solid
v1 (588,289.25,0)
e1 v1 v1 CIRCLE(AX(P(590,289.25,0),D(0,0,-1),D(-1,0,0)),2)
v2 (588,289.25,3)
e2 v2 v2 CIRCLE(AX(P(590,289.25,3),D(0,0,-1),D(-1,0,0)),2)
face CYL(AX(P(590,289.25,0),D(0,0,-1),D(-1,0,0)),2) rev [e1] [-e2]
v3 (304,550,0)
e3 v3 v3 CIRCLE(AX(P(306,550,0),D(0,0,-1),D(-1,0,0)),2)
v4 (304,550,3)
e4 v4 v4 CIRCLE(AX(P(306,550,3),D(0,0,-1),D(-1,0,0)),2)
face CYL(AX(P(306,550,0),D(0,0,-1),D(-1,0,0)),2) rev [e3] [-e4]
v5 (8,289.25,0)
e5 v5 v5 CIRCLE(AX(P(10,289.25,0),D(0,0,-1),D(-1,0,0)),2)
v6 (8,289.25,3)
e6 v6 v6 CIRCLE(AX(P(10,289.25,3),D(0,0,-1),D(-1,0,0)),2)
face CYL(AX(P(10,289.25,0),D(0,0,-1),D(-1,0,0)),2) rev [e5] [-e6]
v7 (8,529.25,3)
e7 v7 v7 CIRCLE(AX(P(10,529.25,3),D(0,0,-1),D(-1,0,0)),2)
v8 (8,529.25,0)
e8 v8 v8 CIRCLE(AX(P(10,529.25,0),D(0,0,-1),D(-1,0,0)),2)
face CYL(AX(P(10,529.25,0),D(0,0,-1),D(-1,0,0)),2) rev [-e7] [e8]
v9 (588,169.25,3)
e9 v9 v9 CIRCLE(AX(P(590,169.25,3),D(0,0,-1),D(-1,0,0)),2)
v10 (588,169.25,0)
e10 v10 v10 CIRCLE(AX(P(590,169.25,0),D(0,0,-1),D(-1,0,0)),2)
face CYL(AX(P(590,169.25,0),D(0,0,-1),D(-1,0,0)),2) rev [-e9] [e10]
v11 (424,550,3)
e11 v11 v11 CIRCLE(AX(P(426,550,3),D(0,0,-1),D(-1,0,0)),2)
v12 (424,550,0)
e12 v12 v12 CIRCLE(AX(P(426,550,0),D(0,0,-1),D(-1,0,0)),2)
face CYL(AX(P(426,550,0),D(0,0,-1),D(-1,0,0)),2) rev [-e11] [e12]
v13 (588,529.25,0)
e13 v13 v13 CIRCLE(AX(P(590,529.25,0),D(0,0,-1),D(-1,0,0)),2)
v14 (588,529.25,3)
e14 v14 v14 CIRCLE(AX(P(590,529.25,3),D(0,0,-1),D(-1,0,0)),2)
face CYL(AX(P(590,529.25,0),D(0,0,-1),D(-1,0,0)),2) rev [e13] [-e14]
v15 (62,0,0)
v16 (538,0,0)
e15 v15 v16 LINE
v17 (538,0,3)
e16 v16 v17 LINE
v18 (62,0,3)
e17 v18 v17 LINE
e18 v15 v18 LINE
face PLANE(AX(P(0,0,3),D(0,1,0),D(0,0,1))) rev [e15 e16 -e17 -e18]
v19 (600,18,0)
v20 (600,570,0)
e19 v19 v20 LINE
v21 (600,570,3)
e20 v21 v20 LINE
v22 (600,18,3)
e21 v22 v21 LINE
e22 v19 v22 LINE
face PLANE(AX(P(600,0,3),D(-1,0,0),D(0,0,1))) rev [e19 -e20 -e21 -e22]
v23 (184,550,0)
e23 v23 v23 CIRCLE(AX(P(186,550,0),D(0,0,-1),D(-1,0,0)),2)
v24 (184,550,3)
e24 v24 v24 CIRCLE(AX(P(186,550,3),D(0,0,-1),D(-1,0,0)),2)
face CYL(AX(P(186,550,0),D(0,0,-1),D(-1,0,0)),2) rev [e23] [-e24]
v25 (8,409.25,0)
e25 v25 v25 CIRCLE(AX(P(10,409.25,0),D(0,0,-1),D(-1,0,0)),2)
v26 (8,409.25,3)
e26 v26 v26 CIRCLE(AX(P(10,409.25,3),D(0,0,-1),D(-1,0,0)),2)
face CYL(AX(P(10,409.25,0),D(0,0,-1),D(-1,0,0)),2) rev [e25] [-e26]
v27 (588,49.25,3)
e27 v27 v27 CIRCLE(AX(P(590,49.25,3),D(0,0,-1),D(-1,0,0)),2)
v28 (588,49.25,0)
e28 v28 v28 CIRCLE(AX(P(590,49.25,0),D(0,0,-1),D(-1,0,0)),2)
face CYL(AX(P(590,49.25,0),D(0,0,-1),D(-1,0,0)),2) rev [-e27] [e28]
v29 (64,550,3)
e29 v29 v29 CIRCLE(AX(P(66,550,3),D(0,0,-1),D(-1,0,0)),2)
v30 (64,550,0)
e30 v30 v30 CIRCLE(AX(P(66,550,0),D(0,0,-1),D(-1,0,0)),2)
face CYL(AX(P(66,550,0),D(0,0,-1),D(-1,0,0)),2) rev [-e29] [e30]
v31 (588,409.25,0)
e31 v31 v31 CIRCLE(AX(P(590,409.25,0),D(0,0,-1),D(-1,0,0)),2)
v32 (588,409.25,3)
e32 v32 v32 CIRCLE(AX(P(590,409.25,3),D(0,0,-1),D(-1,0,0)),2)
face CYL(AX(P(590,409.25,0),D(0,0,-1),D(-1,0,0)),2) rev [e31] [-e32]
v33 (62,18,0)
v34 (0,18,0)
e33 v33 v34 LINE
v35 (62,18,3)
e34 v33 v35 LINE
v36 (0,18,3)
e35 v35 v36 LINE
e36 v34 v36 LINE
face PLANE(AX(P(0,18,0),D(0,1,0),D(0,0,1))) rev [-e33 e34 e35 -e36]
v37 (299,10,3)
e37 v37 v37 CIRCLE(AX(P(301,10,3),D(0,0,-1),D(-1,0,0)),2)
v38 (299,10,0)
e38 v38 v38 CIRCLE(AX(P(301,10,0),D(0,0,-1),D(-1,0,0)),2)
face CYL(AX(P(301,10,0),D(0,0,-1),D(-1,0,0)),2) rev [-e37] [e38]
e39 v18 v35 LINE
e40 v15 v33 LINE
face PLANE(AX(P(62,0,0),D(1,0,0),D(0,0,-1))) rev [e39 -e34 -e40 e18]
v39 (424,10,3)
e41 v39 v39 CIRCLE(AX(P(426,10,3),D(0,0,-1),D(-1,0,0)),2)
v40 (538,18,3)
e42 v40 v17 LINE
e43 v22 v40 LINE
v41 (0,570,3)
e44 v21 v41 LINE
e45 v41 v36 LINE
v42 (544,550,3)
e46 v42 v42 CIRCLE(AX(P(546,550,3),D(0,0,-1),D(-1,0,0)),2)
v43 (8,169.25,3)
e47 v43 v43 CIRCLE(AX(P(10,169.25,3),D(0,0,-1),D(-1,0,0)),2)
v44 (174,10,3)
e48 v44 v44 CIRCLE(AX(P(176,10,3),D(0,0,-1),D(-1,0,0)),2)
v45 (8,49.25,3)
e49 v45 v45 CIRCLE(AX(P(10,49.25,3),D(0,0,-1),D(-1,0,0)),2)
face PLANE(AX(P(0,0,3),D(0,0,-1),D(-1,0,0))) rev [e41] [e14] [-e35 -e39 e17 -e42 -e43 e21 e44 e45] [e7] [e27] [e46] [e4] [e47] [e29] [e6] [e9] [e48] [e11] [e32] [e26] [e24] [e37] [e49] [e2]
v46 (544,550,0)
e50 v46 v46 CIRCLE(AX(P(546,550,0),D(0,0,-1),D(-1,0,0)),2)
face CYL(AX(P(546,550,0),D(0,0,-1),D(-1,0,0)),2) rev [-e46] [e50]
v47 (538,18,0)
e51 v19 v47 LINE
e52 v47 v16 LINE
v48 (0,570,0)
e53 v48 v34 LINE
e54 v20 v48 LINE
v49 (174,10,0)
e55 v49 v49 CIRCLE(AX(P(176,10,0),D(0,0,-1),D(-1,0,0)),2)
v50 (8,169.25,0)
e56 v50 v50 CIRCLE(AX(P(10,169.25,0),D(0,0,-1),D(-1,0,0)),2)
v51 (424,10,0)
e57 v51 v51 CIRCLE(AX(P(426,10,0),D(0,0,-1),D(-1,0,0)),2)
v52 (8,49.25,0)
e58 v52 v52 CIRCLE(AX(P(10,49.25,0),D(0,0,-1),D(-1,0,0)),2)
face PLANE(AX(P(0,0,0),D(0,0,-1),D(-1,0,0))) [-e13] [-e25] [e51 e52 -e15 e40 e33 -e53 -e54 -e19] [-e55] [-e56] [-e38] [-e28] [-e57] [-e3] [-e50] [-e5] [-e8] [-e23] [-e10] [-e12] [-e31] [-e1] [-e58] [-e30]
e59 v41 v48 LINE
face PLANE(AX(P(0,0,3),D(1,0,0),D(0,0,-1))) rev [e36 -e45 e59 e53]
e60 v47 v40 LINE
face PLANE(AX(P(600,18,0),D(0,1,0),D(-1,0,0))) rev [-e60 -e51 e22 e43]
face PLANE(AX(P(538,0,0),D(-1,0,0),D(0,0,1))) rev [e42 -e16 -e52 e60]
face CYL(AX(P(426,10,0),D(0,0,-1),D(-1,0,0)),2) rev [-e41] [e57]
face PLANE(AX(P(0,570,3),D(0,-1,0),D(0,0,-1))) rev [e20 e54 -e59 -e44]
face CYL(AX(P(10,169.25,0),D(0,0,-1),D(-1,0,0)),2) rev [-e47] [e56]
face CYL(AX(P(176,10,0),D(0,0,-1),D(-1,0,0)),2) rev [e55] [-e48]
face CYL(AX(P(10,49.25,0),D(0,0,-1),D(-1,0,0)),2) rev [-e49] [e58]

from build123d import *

# Parameters (mm, degrees)
SKETCH1_W             = 600
SKETCH1_H             = 570
BOSS_EXTRUDE1_DEPTH   = 3
SKETCH2_W             = 62
SKETCH2_H             = 18
CUT_EXTRUDE1_DEPTH    = 3
F_4_0MM_DOWEL_HOLE1_D = 4


with BuildPart() as part:
    # Sketch1 → Boss-Extrude1 (new body)
    with BuildSketch(Plane.XY):
        with Locations((300, 285)):
            Rectangle(SKETCH1_W, SKETCH1_H)
    extrude(amount=BOSS_EXTRUDE1_DEPTH)

    # Sketch2 → Cut-Extrude1 (cut)
    with BuildSketch(Plane.XY.offset(3)):
        with Locations((31, 9)):
            Rectangle(SKETCH2_W, SKETCH2_H)
        with Locations((569, 9)):
            Rectangle(SKETCH2_W, SKETCH2_H)
    extrude(amount=-CUT_EXTRUDE1_DEPTH, mode=Mode.SUBTRACT)

    # Ø4.0mm Dowel Hole1 (through all)
    with Locations(Plane(origin=(0, 0, 0), x_dir=(-1, 0, 0), z_dir=(0, 0, -1))):
        with Locations((-546, 550), (-590, 529.25), (-426, 10), (-426, 550), (-306, 550), (-186, 550), (-66, 550), (-10, 529.25), (-10, 409.25), (-10, 289.25), (-10, 169.25), (-10, 49.25), (-590, 409.25), (-590, 289.25), (-590, 169.25), (-590, 49.25), (-301, 10), (-176, 10)):
            Hole(F_4_0MM_DOWEL_HOLE1_D / 2)


solid = part.part
